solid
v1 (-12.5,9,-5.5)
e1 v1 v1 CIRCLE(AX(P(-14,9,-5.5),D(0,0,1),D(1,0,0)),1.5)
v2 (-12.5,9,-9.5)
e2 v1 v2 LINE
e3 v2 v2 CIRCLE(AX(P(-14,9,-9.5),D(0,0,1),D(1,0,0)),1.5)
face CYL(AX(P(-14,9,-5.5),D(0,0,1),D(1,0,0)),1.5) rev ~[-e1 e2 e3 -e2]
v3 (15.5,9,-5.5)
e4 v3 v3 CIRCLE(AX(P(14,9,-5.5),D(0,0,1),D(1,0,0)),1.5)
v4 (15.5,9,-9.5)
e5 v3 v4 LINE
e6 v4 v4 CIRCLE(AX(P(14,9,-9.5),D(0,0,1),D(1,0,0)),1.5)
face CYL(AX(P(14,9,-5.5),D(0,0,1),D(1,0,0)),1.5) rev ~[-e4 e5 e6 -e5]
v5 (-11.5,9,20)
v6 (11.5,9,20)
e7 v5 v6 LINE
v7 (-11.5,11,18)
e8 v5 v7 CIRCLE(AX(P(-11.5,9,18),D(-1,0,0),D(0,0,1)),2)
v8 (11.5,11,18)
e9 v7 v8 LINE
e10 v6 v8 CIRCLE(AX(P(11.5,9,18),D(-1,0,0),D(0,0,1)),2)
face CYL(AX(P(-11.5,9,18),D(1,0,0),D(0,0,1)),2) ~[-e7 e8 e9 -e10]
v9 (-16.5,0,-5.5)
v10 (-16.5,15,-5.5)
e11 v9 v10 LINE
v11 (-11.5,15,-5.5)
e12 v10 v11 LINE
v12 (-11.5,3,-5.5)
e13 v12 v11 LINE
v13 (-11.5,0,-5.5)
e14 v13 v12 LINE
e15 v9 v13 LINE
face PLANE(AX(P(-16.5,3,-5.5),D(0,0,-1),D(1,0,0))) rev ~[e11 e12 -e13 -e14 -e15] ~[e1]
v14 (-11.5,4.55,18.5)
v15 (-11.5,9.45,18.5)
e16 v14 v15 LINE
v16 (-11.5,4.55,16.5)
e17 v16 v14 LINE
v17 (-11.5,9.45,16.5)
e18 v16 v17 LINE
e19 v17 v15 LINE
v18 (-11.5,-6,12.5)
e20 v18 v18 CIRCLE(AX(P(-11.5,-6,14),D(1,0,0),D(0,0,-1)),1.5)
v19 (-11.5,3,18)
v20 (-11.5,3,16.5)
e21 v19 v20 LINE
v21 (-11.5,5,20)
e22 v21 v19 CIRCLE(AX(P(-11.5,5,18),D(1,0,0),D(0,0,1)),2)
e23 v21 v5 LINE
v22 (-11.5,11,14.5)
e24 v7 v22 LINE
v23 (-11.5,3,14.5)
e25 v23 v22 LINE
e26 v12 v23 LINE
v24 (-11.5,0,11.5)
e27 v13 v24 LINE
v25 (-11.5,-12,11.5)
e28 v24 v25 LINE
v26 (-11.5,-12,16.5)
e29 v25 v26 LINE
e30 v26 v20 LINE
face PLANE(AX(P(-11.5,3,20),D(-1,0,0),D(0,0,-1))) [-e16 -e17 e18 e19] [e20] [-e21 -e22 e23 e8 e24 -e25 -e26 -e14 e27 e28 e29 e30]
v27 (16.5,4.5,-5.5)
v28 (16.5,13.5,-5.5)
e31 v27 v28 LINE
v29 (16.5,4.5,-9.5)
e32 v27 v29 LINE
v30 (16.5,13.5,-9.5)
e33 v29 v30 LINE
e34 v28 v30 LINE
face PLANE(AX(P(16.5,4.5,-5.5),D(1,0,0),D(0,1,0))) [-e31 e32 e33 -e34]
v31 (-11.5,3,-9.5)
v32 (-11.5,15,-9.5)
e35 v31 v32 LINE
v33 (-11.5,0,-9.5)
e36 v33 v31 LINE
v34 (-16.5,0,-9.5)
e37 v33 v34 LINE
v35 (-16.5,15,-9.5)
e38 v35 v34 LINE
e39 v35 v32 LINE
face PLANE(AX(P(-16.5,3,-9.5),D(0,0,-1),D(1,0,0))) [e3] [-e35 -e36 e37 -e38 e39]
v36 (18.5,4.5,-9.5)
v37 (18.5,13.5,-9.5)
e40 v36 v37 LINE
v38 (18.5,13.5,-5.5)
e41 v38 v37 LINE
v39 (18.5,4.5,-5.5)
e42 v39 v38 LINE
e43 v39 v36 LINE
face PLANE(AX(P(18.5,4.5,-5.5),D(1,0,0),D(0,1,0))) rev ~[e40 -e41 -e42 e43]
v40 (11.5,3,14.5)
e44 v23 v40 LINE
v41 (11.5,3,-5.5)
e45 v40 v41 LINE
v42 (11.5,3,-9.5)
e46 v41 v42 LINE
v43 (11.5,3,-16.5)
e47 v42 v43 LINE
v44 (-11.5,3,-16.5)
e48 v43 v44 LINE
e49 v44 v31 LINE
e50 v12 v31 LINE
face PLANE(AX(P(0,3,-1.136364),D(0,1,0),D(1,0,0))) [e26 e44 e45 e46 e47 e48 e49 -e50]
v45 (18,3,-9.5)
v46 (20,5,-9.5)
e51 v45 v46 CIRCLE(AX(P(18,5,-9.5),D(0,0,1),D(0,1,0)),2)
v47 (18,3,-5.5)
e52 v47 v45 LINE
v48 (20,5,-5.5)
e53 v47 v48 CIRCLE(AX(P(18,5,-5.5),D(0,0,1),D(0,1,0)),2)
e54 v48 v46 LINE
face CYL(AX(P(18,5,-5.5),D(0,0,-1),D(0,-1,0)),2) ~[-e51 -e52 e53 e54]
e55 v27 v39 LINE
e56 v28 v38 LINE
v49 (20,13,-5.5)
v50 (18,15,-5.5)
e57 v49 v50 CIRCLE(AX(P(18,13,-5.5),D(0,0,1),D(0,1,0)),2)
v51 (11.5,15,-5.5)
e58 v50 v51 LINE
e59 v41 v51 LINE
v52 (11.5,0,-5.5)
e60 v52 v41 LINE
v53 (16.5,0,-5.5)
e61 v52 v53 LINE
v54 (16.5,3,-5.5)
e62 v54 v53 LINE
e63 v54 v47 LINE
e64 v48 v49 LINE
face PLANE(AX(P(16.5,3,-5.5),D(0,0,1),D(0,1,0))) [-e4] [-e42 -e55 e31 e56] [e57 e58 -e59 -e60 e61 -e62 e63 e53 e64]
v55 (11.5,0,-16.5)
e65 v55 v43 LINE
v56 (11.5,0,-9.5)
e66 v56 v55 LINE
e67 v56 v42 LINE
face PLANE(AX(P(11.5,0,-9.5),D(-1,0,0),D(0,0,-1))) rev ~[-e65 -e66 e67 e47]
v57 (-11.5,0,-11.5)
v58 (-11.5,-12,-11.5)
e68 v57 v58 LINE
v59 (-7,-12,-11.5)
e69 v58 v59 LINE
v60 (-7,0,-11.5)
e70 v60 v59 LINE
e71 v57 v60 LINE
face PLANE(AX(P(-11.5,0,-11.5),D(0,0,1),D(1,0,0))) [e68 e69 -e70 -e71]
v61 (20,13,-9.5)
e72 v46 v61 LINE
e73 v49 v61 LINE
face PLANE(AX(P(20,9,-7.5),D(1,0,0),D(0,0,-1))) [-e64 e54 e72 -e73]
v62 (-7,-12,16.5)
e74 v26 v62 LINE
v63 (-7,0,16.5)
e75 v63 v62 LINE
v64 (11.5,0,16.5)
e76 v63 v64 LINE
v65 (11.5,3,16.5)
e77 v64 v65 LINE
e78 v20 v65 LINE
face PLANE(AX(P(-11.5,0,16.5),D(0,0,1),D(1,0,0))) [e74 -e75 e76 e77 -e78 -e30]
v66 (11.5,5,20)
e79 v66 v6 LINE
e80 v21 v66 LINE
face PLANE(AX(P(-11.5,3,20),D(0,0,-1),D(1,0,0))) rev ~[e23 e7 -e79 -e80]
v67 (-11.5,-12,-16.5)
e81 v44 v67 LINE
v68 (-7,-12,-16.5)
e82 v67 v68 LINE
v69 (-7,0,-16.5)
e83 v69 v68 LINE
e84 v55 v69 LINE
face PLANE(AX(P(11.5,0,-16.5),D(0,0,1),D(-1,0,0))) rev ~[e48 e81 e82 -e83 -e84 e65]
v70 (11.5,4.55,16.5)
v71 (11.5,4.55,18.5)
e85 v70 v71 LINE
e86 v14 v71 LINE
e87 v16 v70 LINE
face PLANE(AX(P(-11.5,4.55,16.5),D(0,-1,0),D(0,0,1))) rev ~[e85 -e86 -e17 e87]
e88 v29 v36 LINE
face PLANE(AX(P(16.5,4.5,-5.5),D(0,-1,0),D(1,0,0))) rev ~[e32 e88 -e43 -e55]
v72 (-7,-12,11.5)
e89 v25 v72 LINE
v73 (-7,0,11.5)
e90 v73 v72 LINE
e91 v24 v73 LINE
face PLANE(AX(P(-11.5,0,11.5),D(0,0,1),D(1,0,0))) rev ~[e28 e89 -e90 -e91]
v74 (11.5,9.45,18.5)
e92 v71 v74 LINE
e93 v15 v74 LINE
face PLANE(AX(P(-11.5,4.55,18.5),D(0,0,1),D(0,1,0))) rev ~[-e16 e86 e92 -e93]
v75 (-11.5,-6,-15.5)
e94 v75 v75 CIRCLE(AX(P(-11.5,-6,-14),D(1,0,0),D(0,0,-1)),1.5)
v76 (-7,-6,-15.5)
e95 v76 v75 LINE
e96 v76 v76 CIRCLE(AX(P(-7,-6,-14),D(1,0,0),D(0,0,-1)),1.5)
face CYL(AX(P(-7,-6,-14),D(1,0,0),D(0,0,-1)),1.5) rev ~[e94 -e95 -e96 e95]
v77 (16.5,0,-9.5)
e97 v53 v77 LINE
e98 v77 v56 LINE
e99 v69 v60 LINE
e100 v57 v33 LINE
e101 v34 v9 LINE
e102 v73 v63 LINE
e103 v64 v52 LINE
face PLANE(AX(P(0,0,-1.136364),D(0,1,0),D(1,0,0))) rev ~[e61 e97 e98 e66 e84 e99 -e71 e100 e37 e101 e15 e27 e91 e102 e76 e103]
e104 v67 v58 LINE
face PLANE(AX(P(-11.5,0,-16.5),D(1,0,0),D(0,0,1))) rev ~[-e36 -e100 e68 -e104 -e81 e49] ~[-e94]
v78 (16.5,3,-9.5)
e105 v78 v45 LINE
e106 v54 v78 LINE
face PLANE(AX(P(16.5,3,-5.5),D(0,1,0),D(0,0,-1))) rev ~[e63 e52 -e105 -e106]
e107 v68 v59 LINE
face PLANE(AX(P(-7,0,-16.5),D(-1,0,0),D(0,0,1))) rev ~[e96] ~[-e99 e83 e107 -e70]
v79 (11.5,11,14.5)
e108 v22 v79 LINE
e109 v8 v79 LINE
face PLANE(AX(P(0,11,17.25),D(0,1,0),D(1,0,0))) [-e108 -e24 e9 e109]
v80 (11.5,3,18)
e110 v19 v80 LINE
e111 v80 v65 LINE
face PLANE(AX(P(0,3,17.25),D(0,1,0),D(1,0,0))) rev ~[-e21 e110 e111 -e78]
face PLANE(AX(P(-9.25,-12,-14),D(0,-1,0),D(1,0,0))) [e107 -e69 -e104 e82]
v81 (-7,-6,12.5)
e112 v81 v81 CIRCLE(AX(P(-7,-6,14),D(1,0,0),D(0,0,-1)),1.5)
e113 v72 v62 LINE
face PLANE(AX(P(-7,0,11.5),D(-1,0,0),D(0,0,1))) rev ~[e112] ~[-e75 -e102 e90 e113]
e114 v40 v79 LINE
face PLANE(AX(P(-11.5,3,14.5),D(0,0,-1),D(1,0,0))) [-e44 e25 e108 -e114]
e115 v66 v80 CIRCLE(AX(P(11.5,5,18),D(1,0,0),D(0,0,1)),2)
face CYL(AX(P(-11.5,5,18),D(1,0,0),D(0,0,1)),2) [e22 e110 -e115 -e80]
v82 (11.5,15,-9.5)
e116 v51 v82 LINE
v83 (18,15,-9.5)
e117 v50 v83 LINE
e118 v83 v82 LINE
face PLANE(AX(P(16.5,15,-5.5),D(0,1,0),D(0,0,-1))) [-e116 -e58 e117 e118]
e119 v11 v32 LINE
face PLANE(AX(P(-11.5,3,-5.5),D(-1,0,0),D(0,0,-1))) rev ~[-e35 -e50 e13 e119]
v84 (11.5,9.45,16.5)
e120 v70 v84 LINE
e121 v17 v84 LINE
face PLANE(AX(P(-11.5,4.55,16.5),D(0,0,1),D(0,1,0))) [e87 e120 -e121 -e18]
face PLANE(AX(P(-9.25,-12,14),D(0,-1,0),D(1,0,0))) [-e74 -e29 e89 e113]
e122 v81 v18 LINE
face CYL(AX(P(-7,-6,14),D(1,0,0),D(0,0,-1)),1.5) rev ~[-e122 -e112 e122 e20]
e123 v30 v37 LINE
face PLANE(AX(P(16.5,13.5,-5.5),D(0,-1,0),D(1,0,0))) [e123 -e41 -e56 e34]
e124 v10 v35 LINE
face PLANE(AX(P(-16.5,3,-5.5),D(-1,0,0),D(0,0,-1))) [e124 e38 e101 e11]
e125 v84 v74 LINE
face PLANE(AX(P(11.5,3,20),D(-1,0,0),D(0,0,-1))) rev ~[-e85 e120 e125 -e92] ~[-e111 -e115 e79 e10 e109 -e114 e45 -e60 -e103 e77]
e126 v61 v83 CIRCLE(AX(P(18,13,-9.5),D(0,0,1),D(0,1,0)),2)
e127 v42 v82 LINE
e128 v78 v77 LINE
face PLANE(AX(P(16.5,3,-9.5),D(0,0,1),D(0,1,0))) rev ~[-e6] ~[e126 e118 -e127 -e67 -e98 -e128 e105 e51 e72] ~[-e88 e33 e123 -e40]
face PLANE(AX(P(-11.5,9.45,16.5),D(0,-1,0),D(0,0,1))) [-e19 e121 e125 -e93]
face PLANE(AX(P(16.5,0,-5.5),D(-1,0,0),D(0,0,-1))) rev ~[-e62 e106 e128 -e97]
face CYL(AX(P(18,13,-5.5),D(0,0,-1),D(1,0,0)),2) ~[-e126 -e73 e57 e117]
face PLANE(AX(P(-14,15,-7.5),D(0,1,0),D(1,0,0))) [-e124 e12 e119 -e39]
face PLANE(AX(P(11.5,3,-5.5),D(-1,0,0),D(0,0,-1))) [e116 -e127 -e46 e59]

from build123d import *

# Parameters (mm, degrees)
BOSS_EXTRUDE1_DEPTH = 3
SKETCH3_W           = 4.5
SKETCH3_H           = 5
BOSS_EXTRUDE2_DEPTH = 12
SKETCH4_W           = 5
SKETCH4_H           = 4
BOSS_EXTRUDE3_DEPTH = 12
SKETCH5_R           = 1.5
CUT_EXTRUDE1_DEPTH  = 12
SKETCH6_R           = 1.5
CUT_EXTRUDE2_DEPTH  = 12
SKETCH7_W           = 23
SKETCH7_H           = 5.5
BOSS_EXTRUDE5_DEPTH = 8
SKETCH8_W           = 2
SKETCH8_H           = 4.9
CUT_EXTRUDE3_DEPTH  = 28
FILLET1_R           = 2
SKETCH11_W          = 4
SKETCH11_H          = 12
BOSS_EXTRUDE6_DEPTH = 3.5
SKETCH12_W          = 2
SKETCH12_H          = 9
CUT_EXTRUDE5_DEPTH  = 10
FILLET3_R           = 2


with BuildPart() as part:
    # Sketch2 → Boss-Extrude1 (new body)
    with BuildSketch(Plane(origin=(0, 0, 0), x_dir=(1, 0, 0), z_dir=(0, 1, 0))):
        Polygon((-11.5, 5.5), (-11.5, -16.5), (11.5, -16.5), (11.5, 5.5), (16.5, 5.5), (16.5, 9.5), (11.5, 9.5), (11.5, 16.5), (-11.5, 16.5), (-11.5, 9.5), (-16.5, 9.5), (-16.5, 5.5), align=None)
    extrude(amount=BOSS_EXTRUDE1_DEPTH)

    # Sketch3 → Boss-Extrude2 (add)
    with BuildSketch(Plane.XZ):
        with Locations((-9.25, 14)):
            Rectangle(SKETCH3_W, SKETCH3_H)
        with Locations((-9.25, -14)):
            Rectangle(SKETCH3_W, SKETCH3_H)
    extrude(amount=BOSS_EXTRUDE2_DEPTH)

    # Sketch4 → Boss-Extrude3 (add)
    with BuildSketch(Plane(origin=(0, 3, 0), x_dir=(1, 0, 0), z_dir=(0, 1, 0))):
        with Locations((-14, 7.5)):
            Rectangle(SKETCH4_W, SKETCH4_H)
        with Locations((14, 7.5)):
            Rectangle(SKETCH4_W, SKETCH4_H)
    extrude(amount=BOSS_EXTRUDE3_DEPTH)

    # Sketch5 → Cut-Extrude1 (cut)
    with BuildSketch(Plane.XY.offset(-5.5)):
        with Locations((14, 9)):
            Circle(SKETCH5_R)
        with Locations((-14, 9)):
            Circle(SKETCH5_R)
    extrude(amount=-CUT_EXTRUDE1_DEPTH, mode=Mode.SUBTRACT)

    # Sketch6 → Cut-Extrude2 (cut)
    with BuildSketch(Plane(origin=(-7, 0, 0), x_dir=(0, 0, -1), z_dir=(1, 0, 0))):
        with Locations((-14, -6)):
            Circle(SKETCH6_R)
        with Locations((14, -6)):
            Circle(SKETCH6_R)
    extrude(amount=-CUT_EXTRUDE2_DEPTH, mode=Mode.SUBTRACT)

    # Sketch7 → Boss-Extrude5 (add)
    with BuildSketch(Plane(origin=(0, 3, 0), x_dir=(1, 0, 0), z_dir=(0, 1, 0))):
        with Locations((0, -17.25)):
            Rectangle(SKETCH7_W, SKETCH7_H)
    extrude(amount=BOSS_EXTRUDE5_DEPTH)

    # Sketch8 → Cut-Extrude3 (cut)
    with BuildSketch(Plane.ZY.offset(11.5)):
        with Locations((17.5, 7)):
            Rectangle(SKETCH8_W, SKETCH8_H)
    extrude(amount=-CUT_EXTRUDE3_DEPTH, mode=Mode.SUBTRACT)

    # Fillet1
    fillet1_edges = [part.edges().sort_by_distance(p)[0] for p in [
        (0, 3, 20),
        (0, 11, 20),
    ]]
    fillet(fillet1_edges, radius=FILLET1_R)

    # Sketch11 → Boss-Extrude6 (add)
    with BuildSketch(Plane(origin=(16.5, 0, 0), x_dir=(0, 0, -1), z_dir=(1, 0, 0))):
        with Locations((7.5, 9)):
            Rectangle(SKETCH11_W, SKETCH11_H)
    extrude(amount=BOSS_EXTRUDE6_DEPTH)

    # Sketch12 → Cut-Extrude5 (cut)
    with BuildSketch(Plane.XY.offset(-5.5)):
        with Locations((17.5, 9)):
            Rectangle(SKETCH12_W, SKETCH12_H)
    extrude(amount=-CUT_EXTRUDE5_DEPTH, mode=Mode.SUBTRACT)

    # Fillet3
    fillet3_edges = [part.edges().sort_by_distance(p)[0] for p in [
        (20, 3, -7.5),
        (20, 15, -7.5),
    ]]
    fillet(fillet3_edges, radius=FILLET3_R)


solid = part.part
